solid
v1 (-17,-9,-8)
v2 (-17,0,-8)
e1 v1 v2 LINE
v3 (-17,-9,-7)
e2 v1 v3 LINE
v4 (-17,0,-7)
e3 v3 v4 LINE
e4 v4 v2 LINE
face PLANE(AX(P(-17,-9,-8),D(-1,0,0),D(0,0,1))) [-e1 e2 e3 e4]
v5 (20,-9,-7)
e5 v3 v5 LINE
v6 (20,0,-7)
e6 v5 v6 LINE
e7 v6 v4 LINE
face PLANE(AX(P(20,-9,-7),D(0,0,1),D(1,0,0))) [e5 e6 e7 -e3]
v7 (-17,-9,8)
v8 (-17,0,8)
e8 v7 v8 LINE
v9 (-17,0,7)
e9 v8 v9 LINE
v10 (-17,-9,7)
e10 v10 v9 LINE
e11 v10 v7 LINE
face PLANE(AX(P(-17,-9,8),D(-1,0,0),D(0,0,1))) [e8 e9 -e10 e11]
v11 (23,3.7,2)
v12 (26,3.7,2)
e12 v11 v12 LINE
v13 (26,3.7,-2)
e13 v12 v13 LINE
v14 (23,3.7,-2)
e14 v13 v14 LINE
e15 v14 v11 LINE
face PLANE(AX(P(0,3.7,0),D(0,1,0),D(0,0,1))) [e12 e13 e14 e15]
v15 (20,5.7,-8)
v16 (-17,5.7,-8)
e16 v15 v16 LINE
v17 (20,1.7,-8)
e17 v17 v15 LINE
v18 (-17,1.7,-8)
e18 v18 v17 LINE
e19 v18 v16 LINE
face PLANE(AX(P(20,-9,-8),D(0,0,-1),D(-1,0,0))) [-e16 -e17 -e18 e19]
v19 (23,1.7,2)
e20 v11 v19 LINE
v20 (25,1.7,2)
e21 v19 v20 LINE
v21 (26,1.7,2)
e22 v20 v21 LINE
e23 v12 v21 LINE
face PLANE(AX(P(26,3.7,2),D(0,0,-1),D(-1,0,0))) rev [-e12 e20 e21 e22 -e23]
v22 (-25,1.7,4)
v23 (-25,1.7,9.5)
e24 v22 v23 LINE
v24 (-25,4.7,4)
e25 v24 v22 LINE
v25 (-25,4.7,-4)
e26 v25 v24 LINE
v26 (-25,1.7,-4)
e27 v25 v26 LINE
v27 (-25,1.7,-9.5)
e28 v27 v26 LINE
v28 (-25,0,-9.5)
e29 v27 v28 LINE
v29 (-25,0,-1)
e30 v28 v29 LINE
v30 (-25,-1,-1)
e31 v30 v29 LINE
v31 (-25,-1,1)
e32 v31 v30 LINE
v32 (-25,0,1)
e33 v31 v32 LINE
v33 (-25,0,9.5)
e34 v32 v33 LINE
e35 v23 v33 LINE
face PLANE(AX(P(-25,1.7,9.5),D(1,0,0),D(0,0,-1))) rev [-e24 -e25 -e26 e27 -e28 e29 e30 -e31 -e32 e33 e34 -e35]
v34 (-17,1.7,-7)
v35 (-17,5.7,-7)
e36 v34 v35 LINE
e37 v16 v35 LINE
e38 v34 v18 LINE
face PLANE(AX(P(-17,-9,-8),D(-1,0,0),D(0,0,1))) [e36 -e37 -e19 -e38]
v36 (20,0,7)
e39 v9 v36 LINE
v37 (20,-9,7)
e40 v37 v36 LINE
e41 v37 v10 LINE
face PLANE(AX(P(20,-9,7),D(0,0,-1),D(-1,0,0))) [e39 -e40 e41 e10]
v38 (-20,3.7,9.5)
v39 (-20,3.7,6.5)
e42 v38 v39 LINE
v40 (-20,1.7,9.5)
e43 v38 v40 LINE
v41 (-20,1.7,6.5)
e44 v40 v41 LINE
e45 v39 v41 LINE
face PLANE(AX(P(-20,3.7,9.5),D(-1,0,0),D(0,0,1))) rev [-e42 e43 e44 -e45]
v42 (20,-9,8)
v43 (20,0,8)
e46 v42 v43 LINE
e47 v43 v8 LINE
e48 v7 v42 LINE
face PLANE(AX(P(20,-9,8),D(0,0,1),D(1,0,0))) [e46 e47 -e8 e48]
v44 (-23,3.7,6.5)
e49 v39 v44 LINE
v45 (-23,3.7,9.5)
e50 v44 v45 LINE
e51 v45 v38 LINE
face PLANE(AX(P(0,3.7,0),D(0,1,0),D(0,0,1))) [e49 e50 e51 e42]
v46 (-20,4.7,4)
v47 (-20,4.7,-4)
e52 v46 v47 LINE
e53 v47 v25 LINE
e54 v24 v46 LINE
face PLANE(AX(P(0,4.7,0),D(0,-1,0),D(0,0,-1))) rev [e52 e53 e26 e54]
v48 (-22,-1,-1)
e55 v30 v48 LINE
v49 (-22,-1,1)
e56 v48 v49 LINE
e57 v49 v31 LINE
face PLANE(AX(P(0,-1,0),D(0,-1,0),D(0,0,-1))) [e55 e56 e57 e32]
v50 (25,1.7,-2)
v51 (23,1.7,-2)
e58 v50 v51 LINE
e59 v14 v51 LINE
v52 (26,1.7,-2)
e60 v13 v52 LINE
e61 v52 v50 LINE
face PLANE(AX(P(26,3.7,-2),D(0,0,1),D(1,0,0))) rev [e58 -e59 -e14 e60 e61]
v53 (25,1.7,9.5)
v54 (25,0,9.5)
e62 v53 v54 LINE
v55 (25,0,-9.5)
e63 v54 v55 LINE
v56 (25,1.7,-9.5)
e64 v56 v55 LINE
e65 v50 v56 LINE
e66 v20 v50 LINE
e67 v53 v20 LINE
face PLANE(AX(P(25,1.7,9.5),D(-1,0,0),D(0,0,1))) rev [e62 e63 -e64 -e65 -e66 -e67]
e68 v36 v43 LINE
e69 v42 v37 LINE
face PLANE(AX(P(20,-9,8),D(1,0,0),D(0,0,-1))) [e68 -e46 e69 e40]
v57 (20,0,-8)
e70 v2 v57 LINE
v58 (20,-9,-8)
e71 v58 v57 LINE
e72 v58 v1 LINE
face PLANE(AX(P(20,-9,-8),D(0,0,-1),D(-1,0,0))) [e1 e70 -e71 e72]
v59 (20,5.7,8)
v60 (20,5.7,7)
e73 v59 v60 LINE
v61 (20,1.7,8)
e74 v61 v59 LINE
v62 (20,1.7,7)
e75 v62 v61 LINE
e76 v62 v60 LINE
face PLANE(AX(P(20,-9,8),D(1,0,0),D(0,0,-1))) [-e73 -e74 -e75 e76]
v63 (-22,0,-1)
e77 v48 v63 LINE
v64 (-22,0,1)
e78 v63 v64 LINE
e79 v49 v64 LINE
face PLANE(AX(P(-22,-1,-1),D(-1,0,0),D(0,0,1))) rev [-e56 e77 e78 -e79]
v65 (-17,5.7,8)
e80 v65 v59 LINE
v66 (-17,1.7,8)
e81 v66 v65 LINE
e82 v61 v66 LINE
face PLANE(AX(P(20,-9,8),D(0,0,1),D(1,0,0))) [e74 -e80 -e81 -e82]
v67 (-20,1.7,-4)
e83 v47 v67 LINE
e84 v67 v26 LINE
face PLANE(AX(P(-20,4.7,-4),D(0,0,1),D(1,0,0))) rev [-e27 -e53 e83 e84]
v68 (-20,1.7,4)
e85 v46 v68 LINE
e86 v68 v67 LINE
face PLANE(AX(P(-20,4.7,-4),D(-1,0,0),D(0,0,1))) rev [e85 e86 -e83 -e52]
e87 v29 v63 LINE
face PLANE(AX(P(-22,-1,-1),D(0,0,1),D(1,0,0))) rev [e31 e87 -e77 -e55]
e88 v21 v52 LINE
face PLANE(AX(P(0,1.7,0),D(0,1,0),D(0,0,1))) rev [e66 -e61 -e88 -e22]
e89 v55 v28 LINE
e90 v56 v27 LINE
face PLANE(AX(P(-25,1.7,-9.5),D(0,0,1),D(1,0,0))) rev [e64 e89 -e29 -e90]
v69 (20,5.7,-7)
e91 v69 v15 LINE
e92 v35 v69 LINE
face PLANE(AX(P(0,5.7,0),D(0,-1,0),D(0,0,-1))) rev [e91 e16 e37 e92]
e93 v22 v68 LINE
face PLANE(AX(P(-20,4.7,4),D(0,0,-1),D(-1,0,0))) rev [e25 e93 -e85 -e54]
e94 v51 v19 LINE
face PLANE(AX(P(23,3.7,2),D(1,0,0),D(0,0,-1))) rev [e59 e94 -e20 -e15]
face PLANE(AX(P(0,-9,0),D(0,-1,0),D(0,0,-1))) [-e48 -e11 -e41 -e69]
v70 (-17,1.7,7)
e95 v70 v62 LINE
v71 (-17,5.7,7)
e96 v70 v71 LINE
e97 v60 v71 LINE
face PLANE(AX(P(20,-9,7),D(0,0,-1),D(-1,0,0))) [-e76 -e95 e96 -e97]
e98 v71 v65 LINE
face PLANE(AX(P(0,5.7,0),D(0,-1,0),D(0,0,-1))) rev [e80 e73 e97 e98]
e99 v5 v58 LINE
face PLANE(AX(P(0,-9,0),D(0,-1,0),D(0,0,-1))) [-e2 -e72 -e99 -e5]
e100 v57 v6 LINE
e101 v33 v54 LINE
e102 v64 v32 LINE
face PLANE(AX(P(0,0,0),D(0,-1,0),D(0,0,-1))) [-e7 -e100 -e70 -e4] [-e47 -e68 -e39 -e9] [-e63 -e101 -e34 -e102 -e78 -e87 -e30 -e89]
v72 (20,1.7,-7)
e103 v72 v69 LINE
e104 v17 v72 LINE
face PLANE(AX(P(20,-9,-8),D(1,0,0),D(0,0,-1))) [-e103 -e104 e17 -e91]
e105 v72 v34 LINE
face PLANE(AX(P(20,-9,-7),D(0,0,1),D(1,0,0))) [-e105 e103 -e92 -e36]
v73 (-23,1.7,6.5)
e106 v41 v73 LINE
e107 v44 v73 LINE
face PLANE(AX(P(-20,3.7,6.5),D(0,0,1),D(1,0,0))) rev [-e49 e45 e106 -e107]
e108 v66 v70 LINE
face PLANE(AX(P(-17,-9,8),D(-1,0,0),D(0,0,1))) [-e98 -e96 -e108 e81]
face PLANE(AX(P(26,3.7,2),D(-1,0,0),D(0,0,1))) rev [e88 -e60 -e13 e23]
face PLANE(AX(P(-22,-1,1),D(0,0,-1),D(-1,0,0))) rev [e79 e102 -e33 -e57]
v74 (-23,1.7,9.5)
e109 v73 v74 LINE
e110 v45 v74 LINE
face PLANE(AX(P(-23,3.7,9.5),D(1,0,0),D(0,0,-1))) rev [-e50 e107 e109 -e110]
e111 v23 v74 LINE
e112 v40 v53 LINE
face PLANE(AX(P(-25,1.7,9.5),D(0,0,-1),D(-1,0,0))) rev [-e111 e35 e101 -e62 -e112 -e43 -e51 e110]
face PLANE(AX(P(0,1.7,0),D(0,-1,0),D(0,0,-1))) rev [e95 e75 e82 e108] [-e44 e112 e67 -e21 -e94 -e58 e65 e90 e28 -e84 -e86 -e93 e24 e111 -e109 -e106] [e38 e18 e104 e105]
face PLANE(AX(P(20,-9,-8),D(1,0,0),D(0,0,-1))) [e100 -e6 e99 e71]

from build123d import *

# Parameters (mm, degrees)
SKETCH_1_W           = 50
SKETCH_1_H           = 19
EXTRUDE_1_DEPTH      = 1.7
SKETCH_2_W           = 5
SKETCH_2_H           = 8
EXTRUDE_2_DEPTH      = 3
SKETCH_3_W           = 3
SKETCH_3_H           = 3
EXTRUDE_3_DEPTH      = 2
SKETCH_4_W           = 37
SKETCH_4_H           = 1
EXTRUDE_4_DEPTH      = 4
EXTRUDE_4_DEPTH_BACK = 10.7
SKETCH_6_W           = 3
SKETCH_6_H           = 2
EXTRUDE_6_DEPTH      = 1
SKETCH_7_W           = 3
SKETCH_7_H           = 4
EXTRUDE_7_DEPTH      = 2


with BuildPart() as part:
    # Эскиз1 → Бобышка-Вытянуть1 (new body)
    with BuildSketch(Plane(origin=(0, 0, 0), x_dir=(1, 0, 0), z_dir=(0, 1, 0))):
        Rectangle(SKETCH_1_W, SKETCH_1_H)
    extrude(amount=EXTRUDE_1_DEPTH)

    # Эскиз2 → Бобышка-Вытянуть2 (add)
    with BuildSketch(Plane(origin=(0, 1.7, 0), x_dir=(1, 0, 0), z_dir=(0, 1, 0))):
        with Locations((-22.5, 0)):
            Rectangle(SKETCH_2_W, SKETCH_2_H)
    extrude(amount=EXTRUDE_2_DEPTH)

    # Эскиз3 → Бобышка-Вытянуть3 (add)
    with BuildSketch(Plane(origin=(0, 1.7, 0), x_dir=(1, 0, 0), z_dir=(0, 1, 0))):
        with Locations((-21.5, -8)):
            Rectangle(SKETCH_3_W, SKETCH_3_H)
    extrude(amount=EXTRUDE_3_DEPTH)

    # Эскиз4 → Бобышка-Вытянуть4 (add, two sides)
    with BuildSketch(Plane(origin=(0, 1.7, 0), x_dir=(1, 0, 0), z_dir=(0, 1, 0))) as extrude_4_sk:
        with Locations((1.5, 7.5)):
            Rectangle(SKETCH_4_W, SKETCH_4_H)
        with Locations((1.5, -7.5)):
            Rectangle(SKETCH_4_W, SKETCH_4_H)
    extrude(amount=EXTRUDE_4_DEPTH)
    extrude(extrude_4_sk.sketch, amount=-EXTRUDE_4_DEPTH_BACK)

    # Эскиз6 → Бобышка-Вытянуть6 (add)
    with BuildSketch(Plane.XZ):
        with Locations((-23.5, 0)):
            Rectangle(SKETCH_6_W, SKETCH_6_H)
    extrude(amount=EXTRUDE_6_DEPTH)

    # Эскиз7 → Бобышка-Вытянуть7 (add)
    with BuildSketch(Plane(origin=(0, 1.7, 0), x_dir=(1, 0, 0), z_dir=(0, 1, 0))):
        with Locations((24.5, 0)):
            Rectangle(SKETCH_7_W, SKETCH_7_H)
    extrude(amount=EXTRUDE_7_DEPTH)


solid = part.part
